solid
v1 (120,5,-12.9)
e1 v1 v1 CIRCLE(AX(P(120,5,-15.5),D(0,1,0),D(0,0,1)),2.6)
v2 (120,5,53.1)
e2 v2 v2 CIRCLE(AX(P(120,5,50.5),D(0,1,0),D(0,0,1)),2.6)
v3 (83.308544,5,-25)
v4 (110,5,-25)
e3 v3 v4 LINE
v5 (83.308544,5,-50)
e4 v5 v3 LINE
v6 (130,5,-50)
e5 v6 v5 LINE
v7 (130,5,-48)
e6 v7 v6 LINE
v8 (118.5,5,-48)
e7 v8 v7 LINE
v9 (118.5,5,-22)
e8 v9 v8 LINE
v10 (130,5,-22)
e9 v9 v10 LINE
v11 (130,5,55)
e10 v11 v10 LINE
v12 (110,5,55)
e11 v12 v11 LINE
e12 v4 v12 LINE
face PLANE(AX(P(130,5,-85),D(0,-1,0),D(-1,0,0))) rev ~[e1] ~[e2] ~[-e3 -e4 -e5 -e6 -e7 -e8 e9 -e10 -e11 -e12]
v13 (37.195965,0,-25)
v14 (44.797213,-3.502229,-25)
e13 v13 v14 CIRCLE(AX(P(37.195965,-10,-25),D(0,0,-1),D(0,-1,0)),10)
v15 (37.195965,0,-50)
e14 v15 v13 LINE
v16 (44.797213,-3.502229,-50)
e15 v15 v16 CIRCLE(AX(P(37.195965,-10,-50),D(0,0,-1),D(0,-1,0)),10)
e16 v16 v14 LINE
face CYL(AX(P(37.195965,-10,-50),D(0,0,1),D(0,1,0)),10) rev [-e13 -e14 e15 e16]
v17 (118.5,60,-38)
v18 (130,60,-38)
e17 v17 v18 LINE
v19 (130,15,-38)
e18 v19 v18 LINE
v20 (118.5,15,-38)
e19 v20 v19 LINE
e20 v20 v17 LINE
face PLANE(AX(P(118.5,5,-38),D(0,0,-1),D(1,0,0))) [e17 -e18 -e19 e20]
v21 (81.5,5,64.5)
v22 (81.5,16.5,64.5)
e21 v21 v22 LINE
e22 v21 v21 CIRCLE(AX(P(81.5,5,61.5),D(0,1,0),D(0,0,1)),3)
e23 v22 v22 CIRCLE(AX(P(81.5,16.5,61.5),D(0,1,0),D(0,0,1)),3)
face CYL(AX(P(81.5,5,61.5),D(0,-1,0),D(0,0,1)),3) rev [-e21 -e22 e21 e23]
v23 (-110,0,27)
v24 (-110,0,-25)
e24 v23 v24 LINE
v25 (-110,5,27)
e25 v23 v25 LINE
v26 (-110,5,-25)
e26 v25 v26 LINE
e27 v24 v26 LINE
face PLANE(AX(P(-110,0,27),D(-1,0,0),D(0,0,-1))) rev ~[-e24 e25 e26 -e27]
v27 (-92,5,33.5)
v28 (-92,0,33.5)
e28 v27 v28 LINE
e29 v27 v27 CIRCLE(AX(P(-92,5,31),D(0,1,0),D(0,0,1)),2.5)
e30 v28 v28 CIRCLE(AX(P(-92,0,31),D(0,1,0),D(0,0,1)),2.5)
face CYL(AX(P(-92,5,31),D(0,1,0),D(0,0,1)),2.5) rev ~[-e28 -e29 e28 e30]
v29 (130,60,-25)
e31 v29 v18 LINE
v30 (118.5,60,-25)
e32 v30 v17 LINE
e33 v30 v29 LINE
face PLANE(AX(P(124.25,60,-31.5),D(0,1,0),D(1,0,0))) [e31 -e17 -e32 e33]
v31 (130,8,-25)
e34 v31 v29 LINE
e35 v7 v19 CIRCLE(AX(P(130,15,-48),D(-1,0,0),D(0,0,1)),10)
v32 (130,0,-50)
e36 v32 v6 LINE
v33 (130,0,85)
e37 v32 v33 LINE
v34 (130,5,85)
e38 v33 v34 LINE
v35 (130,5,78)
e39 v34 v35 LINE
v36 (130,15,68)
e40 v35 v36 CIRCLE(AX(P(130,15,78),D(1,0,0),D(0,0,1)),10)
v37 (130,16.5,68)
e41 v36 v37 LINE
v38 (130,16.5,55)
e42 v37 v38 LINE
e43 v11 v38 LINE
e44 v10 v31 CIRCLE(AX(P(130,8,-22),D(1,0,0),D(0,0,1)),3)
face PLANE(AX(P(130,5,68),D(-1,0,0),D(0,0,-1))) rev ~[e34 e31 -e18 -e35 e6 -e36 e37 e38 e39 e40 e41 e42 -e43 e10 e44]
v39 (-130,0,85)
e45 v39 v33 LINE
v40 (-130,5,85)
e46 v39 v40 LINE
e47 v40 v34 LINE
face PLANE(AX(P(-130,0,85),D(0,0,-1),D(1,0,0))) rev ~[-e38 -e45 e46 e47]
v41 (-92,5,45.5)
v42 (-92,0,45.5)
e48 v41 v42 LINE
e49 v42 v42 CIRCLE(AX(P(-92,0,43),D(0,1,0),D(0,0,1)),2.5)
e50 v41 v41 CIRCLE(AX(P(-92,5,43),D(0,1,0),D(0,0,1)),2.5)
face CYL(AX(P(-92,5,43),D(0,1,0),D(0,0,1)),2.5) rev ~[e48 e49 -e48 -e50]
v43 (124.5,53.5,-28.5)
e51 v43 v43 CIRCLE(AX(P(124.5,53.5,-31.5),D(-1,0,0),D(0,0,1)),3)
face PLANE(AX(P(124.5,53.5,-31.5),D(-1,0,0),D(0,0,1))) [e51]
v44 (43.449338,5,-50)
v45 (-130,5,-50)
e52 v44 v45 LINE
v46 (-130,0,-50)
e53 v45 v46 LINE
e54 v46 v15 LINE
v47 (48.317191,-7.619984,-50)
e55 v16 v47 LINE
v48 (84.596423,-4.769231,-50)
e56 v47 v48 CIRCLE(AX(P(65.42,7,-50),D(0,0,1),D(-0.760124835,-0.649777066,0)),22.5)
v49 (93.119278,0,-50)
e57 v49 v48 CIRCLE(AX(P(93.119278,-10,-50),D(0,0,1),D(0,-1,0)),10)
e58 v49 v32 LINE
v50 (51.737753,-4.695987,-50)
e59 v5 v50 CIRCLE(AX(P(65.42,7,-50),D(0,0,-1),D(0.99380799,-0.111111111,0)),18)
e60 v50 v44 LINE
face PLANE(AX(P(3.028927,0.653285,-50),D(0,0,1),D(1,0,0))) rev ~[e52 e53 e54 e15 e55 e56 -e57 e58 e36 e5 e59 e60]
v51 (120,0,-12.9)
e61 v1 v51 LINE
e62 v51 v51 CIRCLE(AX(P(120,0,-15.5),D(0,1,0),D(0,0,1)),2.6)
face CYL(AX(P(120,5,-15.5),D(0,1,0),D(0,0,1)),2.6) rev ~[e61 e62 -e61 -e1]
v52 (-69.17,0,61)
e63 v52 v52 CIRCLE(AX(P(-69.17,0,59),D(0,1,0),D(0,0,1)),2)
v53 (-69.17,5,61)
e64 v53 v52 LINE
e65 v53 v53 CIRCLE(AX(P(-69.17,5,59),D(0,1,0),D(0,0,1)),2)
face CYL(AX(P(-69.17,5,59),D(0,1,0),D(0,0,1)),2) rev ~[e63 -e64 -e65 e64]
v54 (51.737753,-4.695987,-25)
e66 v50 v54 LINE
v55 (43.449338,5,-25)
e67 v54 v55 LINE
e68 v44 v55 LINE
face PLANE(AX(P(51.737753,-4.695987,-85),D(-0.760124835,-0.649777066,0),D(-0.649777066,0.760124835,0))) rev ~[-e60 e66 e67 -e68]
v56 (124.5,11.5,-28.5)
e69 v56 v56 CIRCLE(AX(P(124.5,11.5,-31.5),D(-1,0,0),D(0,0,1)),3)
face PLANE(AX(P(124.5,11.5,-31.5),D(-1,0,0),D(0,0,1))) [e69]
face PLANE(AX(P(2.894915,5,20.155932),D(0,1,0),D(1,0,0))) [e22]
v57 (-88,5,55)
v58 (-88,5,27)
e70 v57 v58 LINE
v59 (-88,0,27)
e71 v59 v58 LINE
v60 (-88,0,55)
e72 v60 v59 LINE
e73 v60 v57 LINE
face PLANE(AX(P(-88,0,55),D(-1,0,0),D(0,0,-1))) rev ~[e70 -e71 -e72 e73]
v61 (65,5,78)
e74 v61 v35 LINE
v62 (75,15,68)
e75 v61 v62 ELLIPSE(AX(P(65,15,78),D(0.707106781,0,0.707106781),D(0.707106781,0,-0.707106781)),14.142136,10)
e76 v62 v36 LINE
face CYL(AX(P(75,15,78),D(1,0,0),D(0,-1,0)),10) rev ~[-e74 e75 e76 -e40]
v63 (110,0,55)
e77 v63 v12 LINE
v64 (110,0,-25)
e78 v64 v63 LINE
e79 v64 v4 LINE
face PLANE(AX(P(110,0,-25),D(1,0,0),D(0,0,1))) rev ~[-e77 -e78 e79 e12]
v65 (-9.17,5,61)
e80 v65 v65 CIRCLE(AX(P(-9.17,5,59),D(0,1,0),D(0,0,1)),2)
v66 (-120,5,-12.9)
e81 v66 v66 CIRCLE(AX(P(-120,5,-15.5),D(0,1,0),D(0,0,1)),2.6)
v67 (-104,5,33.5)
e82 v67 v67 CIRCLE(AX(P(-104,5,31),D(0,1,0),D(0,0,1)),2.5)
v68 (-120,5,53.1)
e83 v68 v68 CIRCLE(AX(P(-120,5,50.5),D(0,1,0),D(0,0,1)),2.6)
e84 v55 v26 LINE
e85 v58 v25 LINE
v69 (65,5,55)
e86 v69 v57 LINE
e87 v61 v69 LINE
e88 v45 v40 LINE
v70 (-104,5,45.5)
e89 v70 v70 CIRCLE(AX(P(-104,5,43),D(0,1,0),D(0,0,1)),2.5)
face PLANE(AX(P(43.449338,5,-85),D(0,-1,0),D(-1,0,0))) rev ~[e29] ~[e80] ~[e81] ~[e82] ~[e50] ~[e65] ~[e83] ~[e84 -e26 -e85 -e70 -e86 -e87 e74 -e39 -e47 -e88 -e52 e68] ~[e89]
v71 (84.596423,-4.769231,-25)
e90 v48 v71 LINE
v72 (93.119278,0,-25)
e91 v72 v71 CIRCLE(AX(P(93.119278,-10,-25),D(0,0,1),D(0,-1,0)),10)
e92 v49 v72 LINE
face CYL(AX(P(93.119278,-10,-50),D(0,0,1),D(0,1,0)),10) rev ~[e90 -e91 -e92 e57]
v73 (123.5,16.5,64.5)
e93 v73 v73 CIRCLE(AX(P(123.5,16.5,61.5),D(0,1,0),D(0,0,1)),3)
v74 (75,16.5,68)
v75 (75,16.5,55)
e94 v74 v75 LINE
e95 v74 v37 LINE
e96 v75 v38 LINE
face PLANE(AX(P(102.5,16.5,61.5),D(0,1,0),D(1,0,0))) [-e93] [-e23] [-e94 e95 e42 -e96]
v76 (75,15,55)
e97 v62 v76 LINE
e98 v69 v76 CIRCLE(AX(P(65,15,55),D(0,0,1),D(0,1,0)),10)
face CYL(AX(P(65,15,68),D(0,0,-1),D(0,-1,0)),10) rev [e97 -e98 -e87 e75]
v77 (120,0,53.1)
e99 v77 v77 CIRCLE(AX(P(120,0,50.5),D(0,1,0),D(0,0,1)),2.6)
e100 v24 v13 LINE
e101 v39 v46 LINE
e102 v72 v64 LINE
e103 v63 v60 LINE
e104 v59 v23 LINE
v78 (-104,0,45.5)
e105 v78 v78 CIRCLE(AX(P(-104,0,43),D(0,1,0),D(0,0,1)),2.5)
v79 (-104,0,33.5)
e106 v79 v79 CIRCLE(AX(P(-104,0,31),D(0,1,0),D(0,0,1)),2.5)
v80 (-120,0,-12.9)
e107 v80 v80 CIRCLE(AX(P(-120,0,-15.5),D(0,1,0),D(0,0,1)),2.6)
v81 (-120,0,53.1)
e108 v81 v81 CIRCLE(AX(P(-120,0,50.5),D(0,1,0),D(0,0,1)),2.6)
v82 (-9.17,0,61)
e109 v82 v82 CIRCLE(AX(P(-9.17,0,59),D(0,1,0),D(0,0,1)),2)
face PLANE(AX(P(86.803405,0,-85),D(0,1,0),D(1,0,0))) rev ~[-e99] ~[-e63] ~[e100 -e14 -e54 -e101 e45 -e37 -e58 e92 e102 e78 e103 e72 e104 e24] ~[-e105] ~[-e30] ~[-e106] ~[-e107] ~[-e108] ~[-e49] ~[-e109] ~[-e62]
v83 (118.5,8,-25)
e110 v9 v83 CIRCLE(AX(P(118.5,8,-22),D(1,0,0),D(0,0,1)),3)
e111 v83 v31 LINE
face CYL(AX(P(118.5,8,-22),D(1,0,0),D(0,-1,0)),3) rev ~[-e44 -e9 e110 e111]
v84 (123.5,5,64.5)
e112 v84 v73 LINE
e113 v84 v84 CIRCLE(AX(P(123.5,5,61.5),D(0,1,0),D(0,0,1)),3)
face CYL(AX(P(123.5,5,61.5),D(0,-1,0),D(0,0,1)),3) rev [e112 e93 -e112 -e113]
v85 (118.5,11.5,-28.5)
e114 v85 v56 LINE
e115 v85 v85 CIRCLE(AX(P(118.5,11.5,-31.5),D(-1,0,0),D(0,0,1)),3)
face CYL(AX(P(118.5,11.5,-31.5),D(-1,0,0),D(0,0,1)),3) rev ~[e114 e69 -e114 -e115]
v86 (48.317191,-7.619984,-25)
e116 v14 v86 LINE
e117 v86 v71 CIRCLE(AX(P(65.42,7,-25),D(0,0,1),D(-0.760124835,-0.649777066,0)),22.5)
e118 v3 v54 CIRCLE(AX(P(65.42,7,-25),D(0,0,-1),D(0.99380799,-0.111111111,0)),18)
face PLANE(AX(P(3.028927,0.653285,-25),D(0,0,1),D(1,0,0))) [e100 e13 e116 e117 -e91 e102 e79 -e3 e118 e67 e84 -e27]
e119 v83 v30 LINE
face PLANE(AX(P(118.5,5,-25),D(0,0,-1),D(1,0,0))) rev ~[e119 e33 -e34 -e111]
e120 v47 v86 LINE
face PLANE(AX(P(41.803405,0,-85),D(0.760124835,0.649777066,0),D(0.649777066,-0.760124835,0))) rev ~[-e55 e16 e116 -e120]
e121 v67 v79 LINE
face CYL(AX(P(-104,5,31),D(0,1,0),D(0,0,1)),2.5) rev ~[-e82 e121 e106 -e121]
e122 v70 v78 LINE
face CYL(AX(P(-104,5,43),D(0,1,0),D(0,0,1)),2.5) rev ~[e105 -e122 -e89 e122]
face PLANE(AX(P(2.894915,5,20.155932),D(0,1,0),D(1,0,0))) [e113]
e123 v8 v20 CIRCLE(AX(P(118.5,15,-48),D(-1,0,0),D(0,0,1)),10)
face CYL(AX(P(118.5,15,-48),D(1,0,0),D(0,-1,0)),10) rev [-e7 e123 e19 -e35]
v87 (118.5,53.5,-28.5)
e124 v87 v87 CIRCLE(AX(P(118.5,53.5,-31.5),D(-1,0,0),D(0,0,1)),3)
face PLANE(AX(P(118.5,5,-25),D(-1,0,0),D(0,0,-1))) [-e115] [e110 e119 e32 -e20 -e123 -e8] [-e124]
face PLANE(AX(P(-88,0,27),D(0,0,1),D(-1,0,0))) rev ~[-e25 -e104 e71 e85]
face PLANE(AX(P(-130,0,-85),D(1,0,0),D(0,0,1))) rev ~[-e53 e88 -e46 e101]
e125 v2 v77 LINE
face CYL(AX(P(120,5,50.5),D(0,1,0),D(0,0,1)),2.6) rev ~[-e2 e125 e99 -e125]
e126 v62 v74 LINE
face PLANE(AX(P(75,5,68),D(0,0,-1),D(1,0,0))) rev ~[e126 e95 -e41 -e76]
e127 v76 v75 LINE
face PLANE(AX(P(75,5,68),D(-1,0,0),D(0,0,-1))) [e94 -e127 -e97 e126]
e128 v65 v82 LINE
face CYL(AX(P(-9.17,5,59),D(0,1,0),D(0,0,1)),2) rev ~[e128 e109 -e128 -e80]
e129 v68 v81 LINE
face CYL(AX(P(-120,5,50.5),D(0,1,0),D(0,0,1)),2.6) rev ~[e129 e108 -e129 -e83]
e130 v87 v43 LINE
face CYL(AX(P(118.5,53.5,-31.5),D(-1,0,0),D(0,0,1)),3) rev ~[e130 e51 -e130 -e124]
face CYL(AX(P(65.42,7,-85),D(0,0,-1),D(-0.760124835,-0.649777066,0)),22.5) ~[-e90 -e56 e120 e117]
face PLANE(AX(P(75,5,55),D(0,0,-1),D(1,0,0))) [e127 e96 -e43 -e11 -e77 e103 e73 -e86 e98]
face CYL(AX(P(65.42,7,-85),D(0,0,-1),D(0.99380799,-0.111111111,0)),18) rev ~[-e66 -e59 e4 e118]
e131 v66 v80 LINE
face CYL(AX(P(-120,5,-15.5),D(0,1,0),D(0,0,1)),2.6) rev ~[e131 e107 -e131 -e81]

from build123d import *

# Parameters (mm, degrees)
BOSS_EXTRUDE1_DEPTH = 5
SKETCH2_W           = 55
SKETCH2_H           = 13
SKETCH2_R           = 3
BOSS_EXTRUDE2_DEPTH = 11.5
SKETCH3_W           = 11.5
SKETCH3_H           = 13
BOSS_EXTRUDE3_DEPTH = 55
BOSS_EXTRUDE4_DEPTH = 60
CUT_EXTRUDE1_DEPTH  = 35
SKETCH6_R           = 2.5
SKETCH6_R_2         = 2
CUT_EXTRUDE2_DEPTH  = 10
SKETCH7_R           = 2.6
CUT_EXTRUDE3_DEPTH  = 10
SKETCH8_R           = 3
CUT_EXTRUDE4_DEPTH  = 6
FILLET1_R           = 10
FILLET2_R           = 3
FILLET3_R           = 10


with BuildPart() as part:
    # Sketch1 → Boss-Extrude1 (new body)
    with BuildSketch(Plane(origin=(0, 0, 0), x_dir=(1, 0, 0), z_dir=(0, 1, 0))):
        Polygon((130, 85), (90, 85), (90, 25), (110, 25), (110, -55), (-88, -55), (-88, -27), (-110, -27), (-110, 85), (-130, 85), (-130, -85), (130, -85), align=None)
    extrude(amount=BOSS_EXTRUDE1_DEPTH)

    # Sketch2 → Boss-Extrude2 (add)
    with BuildSketch(Plane(origin=(0, 5, 0), x_dir=(1, 0, 0), z_dir=(0, 1, 0))):
        with Locations((102.5, -61.5)):
            Rectangle(SKETCH2_W, SKETCH2_H)
        with Locations((81.5, -61.5)):
            Circle(SKETCH2_R, mode=Mode.SUBTRACT)
        with Locations((123.5, -61.5)):
            Circle(SKETCH2_R, mode=Mode.SUBTRACT)
    extrude(amount=BOSS_EXTRUDE2_DEPTH)

    # Sketch3 → Boss-Extrude3 (add)
    with BuildSketch(Plane(origin=(0, 5, 0), x_dir=(1, 0, 0), z_dir=(0, 1, 0))):
        with Locations((124.25, 31.5)):
            Rectangle(SKETCH3_W, SKETCH3_H)
    extrude(amount=BOSS_EXTRUDE3_DEPTH)

    # Sketch4 → Boss-Extrude4 (add)
    with BuildSketch(Plane(origin=(0, 0, -85), x_dir=(-1, 0, 0), z_dir=(0, 0, -1))):
        with BuildLine():
            Line((-90, 5), (-83.30854382, 5))
            ThreePointArc((-83.30854382, 5), (-70.704531681, -10.206792987), (-51.737752976, -4.695987191))
            Line((-51.737752976, -4.695987191), (-43.449337938, 5))
            Line((-43.449337938, 5), (110, 5))
            Line((110, 5), (130, 5))
            Line((130, 5), (130, 0))
            Line((130, 0), (110, 0))
            Line((110, 0), (-41.80340478, 0))
            Line((-41.80340478, 0), (-48.31719122, -7.619983989))
            ThreePointArc((-48.31719122, -7.619983989), (-69.790001662, -15.071544701), (-86.80340478, 0))
            Line((-86.80340478, 0), (-90, 0))
            Line((-90, 0), (-130, 0))
            Line((-130, 0), (-130, 5))
            Line((-130, 5), (-90, 5))
        make_face()
    extrude(amount=-BOSS_EXTRUDE4_DEPTH)

    # Sketch5 → Cut-Extrude1 (cut)
    with BuildSketch(Plane(origin=(0, 0, -85), x_dir=(-1, 0, 0), z_dir=(0, 0, -1))):
        with BuildLine():
            Line((130, 5), (130, 0))
            Line((130, 0), (-41.80340478, 0))
            Line((-41.80340478, 0), (-48.31719122, -7.619983989))
            ThreePointArc((-48.31719122, -7.619983989), (-69.790001662, -15.071544701), (-86.80340478, 0))
            Line((-86.80340478, 0), (-130, 0))
            Line((-130, 0), (-130, 5))
            Line((-130, 5), (-83.30854382, 5))
            ThreePointArc((-83.30854382, 5), (-70.704531681, -10.206792987), (-51.737752976, -4.695987191))
            Line((-51.737752976, -4.695987191), (-43.449337938, 5))
            Line((-43.449337938, 5), (130, 5))
        make_face()
    extrude(amount=-CUT_EXTRUDE1_DEPTH, mode=Mode.SUBTRACT)

    # Sketch6 → Cut-Extrude2 (cut)
    with BuildSketch(Plane(origin=(0, 5, 0), x_dir=(1, 0, 0), z_dir=(0, 1, 0))):
        with Locations((-104, -31)):
            Circle(SKETCH6_R)
        with Locations((-92, -31)):
            Circle(SKETCH6_R)
        with Locations((-92, -43)):
            Circle(SKETCH6_R)
        with Locations((-104, -43)):
            Circle(SKETCH6_R)
        with Locations((-9.17, -59)):
            Circle(SKETCH6_R_2)
        with Locations((-69.17, -59)):
            Circle(SKETCH6_R_2)
    extrude(amount=-CUT_EXTRUDE2_DEPTH, mode=Mode.SUBTRACT)

    # Sketch7 → Cut-Extrude3 (cut)
    with BuildSketch(Plane(origin=(0, 5, 0), x_dir=(1, 0, 0), z_dir=(0, 1, 0))):
        with Locations((120, 15.5)):
            Circle(SKETCH7_R)
        with Locations((120, -50.5)):
            Circle(SKETCH7_R)
        with Locations((-120, -50.5)):
            Circle(SKETCH7_R)
        with Locations((-120, 15.5)):
            Circle(SKETCH7_R)
    extrude(amount=-CUT_EXTRUDE3_DEPTH, mode=Mode.SUBTRACT)

    # Sketch8 → Cut-Extrude4 (cut)
    with BuildSketch(Plane.ZY.offset(-118.5)):
        with Locations((-31.5, 53.5)):
            Circle(SKETCH8_R)
        with Locations((-31.5, 11.5)):
            Circle(SKETCH8_R)
    extrude(amount=-CUT_EXTRUDE4_DEPTH, mode=Mode.SUBTRACT)

    # Fillet1
    fillet1_edges = [part.edges().sort_by_distance(p)[0] for p in [
        (124.25, 5, -38),
        (75, 5, 61.5),
        (102.5, 5, 68),
    ]]
    fillet(fillet1_edges, radius=FILLET1_R)

    # Fillet2
    fillet2_edges = [part.edges().sort_by_distance(p)[0] for p in [
        (124.25, 5, -25),
    ]]
    fillet(fillet2_edges, radius=FILLET2_R)

    # Fillet3
    fillet3_edges = [part.edges().sort_by_distance(p)[0] for p in [
        (41.80340478, 0, -37.5),
        (86.80340478, 0, -37.5),
    ]]
    fillet(fillet3_edges, radius=FILLET3_R)


solid = part.part
